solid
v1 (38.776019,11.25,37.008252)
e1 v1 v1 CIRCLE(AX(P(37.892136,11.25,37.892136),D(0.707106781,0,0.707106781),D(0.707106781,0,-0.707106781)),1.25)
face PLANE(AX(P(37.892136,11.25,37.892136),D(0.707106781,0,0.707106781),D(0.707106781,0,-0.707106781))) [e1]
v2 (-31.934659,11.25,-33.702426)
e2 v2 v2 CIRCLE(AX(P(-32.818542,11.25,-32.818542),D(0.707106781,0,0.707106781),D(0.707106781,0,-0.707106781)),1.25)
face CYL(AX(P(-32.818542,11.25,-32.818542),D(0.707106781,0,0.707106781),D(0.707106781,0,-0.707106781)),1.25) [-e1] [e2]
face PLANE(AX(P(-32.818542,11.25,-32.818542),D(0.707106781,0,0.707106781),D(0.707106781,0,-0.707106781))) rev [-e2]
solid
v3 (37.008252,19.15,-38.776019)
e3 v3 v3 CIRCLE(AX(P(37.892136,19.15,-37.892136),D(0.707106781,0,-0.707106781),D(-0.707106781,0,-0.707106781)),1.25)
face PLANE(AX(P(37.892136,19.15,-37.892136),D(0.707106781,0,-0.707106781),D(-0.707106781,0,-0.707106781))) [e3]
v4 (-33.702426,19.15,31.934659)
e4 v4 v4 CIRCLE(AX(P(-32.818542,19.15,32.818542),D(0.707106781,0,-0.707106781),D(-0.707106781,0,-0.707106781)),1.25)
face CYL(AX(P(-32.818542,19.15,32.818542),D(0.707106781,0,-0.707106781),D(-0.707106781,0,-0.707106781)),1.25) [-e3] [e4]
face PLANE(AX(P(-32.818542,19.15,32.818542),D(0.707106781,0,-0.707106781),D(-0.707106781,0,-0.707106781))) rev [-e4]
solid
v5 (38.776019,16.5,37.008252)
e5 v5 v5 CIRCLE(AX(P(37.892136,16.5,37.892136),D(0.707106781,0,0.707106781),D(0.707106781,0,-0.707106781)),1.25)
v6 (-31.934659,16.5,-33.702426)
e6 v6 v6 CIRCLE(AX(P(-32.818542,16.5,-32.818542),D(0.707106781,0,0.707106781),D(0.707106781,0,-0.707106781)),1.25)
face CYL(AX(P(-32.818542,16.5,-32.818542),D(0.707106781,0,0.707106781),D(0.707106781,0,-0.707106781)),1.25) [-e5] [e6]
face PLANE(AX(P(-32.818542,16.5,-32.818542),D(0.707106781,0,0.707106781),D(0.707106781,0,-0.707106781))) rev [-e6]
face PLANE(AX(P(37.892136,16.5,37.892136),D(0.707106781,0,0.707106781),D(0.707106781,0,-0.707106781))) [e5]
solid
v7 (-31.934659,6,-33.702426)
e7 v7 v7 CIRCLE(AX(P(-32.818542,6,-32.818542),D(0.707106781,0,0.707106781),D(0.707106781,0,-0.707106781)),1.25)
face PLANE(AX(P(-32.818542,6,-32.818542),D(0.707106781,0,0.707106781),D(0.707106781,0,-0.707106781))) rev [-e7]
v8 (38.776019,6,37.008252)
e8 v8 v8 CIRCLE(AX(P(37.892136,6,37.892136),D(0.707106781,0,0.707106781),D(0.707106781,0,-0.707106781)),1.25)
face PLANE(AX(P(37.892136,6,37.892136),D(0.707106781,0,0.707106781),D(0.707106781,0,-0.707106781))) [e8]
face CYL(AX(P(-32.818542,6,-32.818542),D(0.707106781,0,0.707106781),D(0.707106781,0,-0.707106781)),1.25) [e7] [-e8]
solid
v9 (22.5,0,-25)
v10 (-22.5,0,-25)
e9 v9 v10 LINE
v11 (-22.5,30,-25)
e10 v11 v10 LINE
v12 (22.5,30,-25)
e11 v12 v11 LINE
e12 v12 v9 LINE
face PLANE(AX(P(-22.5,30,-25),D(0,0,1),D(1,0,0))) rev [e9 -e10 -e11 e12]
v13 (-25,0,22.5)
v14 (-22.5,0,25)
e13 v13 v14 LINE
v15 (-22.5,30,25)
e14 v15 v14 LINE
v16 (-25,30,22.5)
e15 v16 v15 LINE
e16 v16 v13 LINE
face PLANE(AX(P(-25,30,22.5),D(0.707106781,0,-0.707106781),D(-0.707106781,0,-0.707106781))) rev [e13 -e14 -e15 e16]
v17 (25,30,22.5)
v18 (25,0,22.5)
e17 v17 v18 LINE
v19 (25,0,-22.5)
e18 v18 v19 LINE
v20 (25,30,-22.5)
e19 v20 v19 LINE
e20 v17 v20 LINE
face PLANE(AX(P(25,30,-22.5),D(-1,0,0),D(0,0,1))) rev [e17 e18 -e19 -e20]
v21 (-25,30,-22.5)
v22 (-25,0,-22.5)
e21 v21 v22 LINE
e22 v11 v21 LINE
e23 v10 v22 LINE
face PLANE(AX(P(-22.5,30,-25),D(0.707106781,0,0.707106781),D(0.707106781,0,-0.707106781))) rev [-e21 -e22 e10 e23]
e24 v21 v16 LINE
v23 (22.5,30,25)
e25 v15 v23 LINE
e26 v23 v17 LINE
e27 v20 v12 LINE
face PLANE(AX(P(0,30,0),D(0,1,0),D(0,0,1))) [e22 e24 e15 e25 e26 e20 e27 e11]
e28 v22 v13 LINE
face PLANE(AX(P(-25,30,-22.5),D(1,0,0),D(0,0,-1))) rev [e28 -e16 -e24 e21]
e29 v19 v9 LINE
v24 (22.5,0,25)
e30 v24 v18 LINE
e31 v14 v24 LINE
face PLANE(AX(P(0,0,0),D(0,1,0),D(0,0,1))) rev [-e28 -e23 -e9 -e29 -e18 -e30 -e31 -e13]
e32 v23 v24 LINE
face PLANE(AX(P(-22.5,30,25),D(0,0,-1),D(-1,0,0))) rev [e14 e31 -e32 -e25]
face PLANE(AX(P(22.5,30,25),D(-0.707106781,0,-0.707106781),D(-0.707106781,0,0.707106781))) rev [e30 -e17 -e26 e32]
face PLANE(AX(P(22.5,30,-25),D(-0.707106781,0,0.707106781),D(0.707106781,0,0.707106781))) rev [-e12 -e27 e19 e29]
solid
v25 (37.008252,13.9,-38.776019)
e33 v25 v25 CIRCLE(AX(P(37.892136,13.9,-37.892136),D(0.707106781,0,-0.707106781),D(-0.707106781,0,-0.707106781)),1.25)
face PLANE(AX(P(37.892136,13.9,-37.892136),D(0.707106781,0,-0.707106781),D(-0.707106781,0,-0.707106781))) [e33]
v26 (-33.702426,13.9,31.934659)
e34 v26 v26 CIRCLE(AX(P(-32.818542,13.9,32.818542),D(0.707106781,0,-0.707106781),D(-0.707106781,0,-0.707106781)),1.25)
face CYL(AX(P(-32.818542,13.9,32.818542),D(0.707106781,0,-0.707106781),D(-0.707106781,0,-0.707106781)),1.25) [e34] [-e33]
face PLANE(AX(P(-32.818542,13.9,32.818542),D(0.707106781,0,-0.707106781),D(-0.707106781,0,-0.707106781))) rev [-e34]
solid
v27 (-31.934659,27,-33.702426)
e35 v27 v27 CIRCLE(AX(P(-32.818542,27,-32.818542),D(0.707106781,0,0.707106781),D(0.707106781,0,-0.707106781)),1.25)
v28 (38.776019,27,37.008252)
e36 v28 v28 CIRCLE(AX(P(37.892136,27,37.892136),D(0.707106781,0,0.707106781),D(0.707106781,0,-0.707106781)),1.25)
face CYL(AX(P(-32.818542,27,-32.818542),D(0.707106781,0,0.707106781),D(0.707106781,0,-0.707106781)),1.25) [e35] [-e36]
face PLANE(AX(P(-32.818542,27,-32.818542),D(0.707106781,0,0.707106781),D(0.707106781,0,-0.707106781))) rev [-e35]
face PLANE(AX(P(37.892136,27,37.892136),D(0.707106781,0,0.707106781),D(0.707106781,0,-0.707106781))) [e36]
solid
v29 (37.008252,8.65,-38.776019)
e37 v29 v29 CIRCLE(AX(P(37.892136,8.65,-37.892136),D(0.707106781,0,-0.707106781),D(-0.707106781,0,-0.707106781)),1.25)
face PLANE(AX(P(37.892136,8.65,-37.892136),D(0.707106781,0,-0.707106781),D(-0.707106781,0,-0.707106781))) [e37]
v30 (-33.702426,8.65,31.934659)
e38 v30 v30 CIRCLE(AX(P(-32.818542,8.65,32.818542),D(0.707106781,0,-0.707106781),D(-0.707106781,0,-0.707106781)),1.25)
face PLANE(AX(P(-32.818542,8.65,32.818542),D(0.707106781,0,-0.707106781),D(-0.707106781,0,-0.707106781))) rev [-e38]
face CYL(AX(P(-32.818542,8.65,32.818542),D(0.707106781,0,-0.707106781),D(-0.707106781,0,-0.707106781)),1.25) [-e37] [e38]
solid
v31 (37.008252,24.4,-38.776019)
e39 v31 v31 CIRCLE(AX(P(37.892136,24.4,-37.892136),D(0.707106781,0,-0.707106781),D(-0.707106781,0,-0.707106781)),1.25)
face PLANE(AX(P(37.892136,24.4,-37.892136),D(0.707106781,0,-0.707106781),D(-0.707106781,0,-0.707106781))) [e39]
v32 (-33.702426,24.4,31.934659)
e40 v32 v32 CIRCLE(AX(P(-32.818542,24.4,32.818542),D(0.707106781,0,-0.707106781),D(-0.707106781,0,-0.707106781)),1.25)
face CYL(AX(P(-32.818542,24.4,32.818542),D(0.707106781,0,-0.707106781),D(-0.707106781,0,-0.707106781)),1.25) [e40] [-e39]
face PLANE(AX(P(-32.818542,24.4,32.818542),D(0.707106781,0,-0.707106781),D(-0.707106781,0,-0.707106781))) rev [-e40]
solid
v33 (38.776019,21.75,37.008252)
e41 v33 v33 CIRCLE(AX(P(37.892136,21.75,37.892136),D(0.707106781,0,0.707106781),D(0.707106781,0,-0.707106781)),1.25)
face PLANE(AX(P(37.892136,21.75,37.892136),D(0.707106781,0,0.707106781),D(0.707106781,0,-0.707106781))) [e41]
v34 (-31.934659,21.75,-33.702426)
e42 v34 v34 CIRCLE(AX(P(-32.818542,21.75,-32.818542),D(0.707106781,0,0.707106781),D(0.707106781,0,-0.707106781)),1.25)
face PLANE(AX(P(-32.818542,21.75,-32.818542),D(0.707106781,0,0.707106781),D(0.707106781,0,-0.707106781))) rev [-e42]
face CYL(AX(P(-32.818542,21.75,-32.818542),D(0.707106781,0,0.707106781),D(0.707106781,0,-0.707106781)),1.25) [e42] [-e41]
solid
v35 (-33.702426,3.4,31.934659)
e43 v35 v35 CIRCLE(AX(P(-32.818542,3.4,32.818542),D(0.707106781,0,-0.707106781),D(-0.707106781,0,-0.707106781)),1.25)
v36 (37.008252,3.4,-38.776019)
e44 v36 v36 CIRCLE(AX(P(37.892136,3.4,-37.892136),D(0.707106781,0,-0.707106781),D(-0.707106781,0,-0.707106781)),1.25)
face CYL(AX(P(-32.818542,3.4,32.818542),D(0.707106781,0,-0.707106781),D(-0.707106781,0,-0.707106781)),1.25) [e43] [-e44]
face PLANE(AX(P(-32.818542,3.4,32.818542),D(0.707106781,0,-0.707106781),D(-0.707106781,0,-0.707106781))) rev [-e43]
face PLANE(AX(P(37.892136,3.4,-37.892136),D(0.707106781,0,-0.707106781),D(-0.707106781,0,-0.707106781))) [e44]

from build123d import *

# Parameters (mm, degrees)
BOSS_EXTRUDE1_DEPTH        = 30
SKETCH2_R                  = 1.25
BOSS_EXTRUDE2_DEPTH        = 20
BOSS_EXTRUDE2_DEPTH_BACK   = 80
BOSS_EXTRUDE2_2_DEPTH      = 20
BOSS_EXTRUDE2_2_DEPTH_BACK = 80
BOSS_EXTRUDE2_3_DEPTH      = 20
BOSS_EXTRUDE2_3_DEPTH_BACK = 80
BOSS_EXTRUDE2_4_DEPTH      = 20
BOSS_EXTRUDE2_4_DEPTH_BACK = 80
BOSS_EXTRUDE2_5_DEPTH      = 20
BOSS_EXTRUDE2_5_DEPTH_BACK = 80
SKETCH3_R                  = 1.25
BOSS_EXTRUDE3_DEPTH        = 20
BOSS_EXTRUDE3_DEPTH_BACK   = 80
BOSS_EXTRUDE3_2_DEPTH      = 20
BOSS_EXTRUDE3_2_DEPTH_BACK = 80
BOSS_EXTRUDE3_3_DEPTH      = 20
BOSS_EXTRUDE3_3_DEPTH_BACK = 80
BOSS_EXTRUDE3_4_DEPTH      = 20
BOSS_EXTRUDE3_4_DEPTH_BACK = 80
BOSS_EXTRUDE3_5_DEPTH      = 20
BOSS_EXTRUDE3_5_DEPTH_BACK = 80


with BuildPart() as part:
    # Sketch1 → Boss-Extrude1 (new body)
    with BuildSketch(Plane(origin=(0, 0, 0), x_dir=(1, 0, 0), z_dir=(0, 1, 0))):
        Polygon((-22.5, -25), (22.5, -25), (25, -22.5), (25, 22.5), (22.5, 25), (-22.5, 25), (-25, 22.5), (-25, -22.5), align=None)
    extrude(amount=BOSS_EXTRUDE1_DEPTH)


with BuildPart() as body_2:
    # Sketch2 → Boss-Extrude2 (new body, two sides)
    with BuildSketch(Plane(origin=(23.75, 0, 23.75), x_dir=(0.707106781, 0, -0.707106781), z_dir=(0.707106781, 0, 0.707106781))) as boss_extrude2_sk:
        with Locations((0, 27)):
            Circle(SKETCH2_R)
    extrude(amount=BOSS_EXTRUDE2_DEPTH)
    extrude(boss_extrude2_sk.sketch, amount=-BOSS_EXTRUDE2_DEPTH_BACK)


with BuildPart() as body_3:
    # Sketch2 → Boss-Extrude2 2 (new body, two sides)
    with BuildSketch(Plane(origin=(23.75, 0, 23.75), x_dir=(0.707106781, 0, -0.707106781), z_dir=(0.707106781, 0, 0.707106781))) as boss_extrude2_2_sk:
        with Locations((0, 21.75)):
            Circle(SKETCH2_R)
    extrude(amount=BOSS_EXTRUDE2_2_DEPTH)
    extrude(boss_extrude2_2_sk.sketch, amount=-BOSS_EXTRUDE2_2_DEPTH_BACK)


with BuildPart() as body_4:
    # Sketch2 → Boss-Extrude2 3 (new body, two sides)
    with BuildSketch(Plane(origin=(23.75, 0, 23.75), x_dir=(0.707106781, 0, -0.707106781), z_dir=(0.707106781, 0, 0.707106781))) as boss_extrude2_3_sk:
        with Locations((0, 16.5)):
            Circle(SKETCH2_R)
    extrude(amount=BOSS_EXTRUDE2_3_DEPTH)
    extrude(boss_extrude2_3_sk.sketch, amount=-BOSS_EXTRUDE2_3_DEPTH_BACK)


with BuildPart() as body_5:
    # Sketch2 → Boss-Extrude2 4 (new body, two sides)
    with BuildSketch(Plane(origin=(23.75, 0, 23.75), x_dir=(0.707106781, 0, -0.707106781), z_dir=(0.707106781, 0, 0.707106781))) as boss_extrude2_4_sk:
        with Locations((0, 11.25)):
            Circle(SKETCH2_R)
    extrude(amount=BOSS_EXTRUDE2_4_DEPTH)
    extrude(boss_extrude2_4_sk.sketch, amount=-BOSS_EXTRUDE2_4_DEPTH_BACK)


with BuildPart() as body_6:
    # Sketch2 → Boss-Extrude2 5 (new body, two sides)
    with BuildSketch(Plane(origin=(23.75, 0, 23.75), x_dir=(0.707106781, 0, -0.707106781), z_dir=(0.707106781, 0, 0.707106781))) as boss_extrude2_5_sk:
        with Locations((0, 6)):
            Circle(SKETCH2_R)
    extrude(amount=BOSS_EXTRUDE2_5_DEPTH)
    extrude(boss_extrude2_5_sk.sketch, amount=-BOSS_EXTRUDE2_5_DEPTH_BACK)


with BuildPart() as body_7:
    # Sketch3 → Boss-Extrude3 (new body, two sides)
    with BuildSketch(Plane(origin=(23.75, 0, -23.75), x_dir=(-0.707106781, 0, -0.707106781), z_dir=(0.707106781, 0, -0.707106781))) as boss_extrude3_sk:
        with Locations((0, 24.4)):
            Circle(SKETCH3_R)
    extrude(amount=BOSS_EXTRUDE3_DEPTH)
    extrude(boss_extrude3_sk.sketch, amount=-BOSS_EXTRUDE3_DEPTH_BACK)


with BuildPart() as body_8:
    # Sketch3 → Boss-Extrude3 2 (new body, two sides)
    with BuildSketch(Plane(origin=(23.75, 0, -23.75), x_dir=(-0.707106781, 0, -0.707106781), z_dir=(0.707106781, 0, -0.707106781))) as boss_extrude3_2_sk:
        with Locations((0, 19.15)):
            Circle(SKETCH3_R)
    extrude(amount=BOSS_EXTRUDE3_2_DEPTH)
    extrude(boss_extrude3_2_sk.sketch, amount=-BOSS_EXTRUDE3_2_DEPTH_BACK)


with BuildPart() as body_9:
    # Sketch3 → Boss-Extrude3 3 (new body, two sides)
    with BuildSketch(Plane(origin=(23.75, 0, -23.75), x_dir=(-0.707106781, 0, -0.707106781), z_dir=(0.707106781, 0, -0.707106781))) as boss_extrude3_3_sk:
        with Locations((0, 13.9)):
            Circle(SKETCH3_R)
    extrude(amount=BOSS_EXTRUDE3_3_DEPTH)
    extrude(boss_extrude3_3_sk.sketch, amount=-BOSS_EXTRUDE3_3_DEPTH_BACK)


with BuildPart() as body_10:
    # Sketch3 → Boss-Extrude3 4 (new body, two sides)
    with BuildSketch(Plane(origin=(23.75, 0, -23.75), x_dir=(-0.707106781, 0, -0.707106781), z_dir=(0.707106781, 0, -0.707106781))) as boss_extrude3_4_sk:
        with Locations((0, 8.65)):
            Circle(SKETCH3_R)
    extrude(amount=BOSS_EXTRUDE3_4_DEPTH)
    extrude(boss_extrude3_4_sk.sketch, amount=-BOSS_EXTRUDE3_4_DEPTH_BACK)


with BuildPart() as body_11:
    # Sketch3 → Boss-Extrude3 5 (new body, two sides)
    with BuildSketch(Plane(origin=(23.75, 0, -23.75), x_dir=(-0.707106781, 0, -0.707106781), z_dir=(0.707106781, 0, -0.707106781))) as boss_extrude3_5_sk:
        with Locations((0, 3.4)):
            Circle(SKETCH3_R)
    extrude(amount=BOSS_EXTRUDE3_5_DEPTH)
    extrude(boss_extrude3_5_sk.sketch, amount=-BOSS_EXTRUDE3_5_DEPTH_BACK)


solid = Compound([part.part, body_2.part, body_3.part, body_4.part, body_5.part, body_6.part, body_7.part, body_8.part, body_9.part, body_10.part, body_11.part])
